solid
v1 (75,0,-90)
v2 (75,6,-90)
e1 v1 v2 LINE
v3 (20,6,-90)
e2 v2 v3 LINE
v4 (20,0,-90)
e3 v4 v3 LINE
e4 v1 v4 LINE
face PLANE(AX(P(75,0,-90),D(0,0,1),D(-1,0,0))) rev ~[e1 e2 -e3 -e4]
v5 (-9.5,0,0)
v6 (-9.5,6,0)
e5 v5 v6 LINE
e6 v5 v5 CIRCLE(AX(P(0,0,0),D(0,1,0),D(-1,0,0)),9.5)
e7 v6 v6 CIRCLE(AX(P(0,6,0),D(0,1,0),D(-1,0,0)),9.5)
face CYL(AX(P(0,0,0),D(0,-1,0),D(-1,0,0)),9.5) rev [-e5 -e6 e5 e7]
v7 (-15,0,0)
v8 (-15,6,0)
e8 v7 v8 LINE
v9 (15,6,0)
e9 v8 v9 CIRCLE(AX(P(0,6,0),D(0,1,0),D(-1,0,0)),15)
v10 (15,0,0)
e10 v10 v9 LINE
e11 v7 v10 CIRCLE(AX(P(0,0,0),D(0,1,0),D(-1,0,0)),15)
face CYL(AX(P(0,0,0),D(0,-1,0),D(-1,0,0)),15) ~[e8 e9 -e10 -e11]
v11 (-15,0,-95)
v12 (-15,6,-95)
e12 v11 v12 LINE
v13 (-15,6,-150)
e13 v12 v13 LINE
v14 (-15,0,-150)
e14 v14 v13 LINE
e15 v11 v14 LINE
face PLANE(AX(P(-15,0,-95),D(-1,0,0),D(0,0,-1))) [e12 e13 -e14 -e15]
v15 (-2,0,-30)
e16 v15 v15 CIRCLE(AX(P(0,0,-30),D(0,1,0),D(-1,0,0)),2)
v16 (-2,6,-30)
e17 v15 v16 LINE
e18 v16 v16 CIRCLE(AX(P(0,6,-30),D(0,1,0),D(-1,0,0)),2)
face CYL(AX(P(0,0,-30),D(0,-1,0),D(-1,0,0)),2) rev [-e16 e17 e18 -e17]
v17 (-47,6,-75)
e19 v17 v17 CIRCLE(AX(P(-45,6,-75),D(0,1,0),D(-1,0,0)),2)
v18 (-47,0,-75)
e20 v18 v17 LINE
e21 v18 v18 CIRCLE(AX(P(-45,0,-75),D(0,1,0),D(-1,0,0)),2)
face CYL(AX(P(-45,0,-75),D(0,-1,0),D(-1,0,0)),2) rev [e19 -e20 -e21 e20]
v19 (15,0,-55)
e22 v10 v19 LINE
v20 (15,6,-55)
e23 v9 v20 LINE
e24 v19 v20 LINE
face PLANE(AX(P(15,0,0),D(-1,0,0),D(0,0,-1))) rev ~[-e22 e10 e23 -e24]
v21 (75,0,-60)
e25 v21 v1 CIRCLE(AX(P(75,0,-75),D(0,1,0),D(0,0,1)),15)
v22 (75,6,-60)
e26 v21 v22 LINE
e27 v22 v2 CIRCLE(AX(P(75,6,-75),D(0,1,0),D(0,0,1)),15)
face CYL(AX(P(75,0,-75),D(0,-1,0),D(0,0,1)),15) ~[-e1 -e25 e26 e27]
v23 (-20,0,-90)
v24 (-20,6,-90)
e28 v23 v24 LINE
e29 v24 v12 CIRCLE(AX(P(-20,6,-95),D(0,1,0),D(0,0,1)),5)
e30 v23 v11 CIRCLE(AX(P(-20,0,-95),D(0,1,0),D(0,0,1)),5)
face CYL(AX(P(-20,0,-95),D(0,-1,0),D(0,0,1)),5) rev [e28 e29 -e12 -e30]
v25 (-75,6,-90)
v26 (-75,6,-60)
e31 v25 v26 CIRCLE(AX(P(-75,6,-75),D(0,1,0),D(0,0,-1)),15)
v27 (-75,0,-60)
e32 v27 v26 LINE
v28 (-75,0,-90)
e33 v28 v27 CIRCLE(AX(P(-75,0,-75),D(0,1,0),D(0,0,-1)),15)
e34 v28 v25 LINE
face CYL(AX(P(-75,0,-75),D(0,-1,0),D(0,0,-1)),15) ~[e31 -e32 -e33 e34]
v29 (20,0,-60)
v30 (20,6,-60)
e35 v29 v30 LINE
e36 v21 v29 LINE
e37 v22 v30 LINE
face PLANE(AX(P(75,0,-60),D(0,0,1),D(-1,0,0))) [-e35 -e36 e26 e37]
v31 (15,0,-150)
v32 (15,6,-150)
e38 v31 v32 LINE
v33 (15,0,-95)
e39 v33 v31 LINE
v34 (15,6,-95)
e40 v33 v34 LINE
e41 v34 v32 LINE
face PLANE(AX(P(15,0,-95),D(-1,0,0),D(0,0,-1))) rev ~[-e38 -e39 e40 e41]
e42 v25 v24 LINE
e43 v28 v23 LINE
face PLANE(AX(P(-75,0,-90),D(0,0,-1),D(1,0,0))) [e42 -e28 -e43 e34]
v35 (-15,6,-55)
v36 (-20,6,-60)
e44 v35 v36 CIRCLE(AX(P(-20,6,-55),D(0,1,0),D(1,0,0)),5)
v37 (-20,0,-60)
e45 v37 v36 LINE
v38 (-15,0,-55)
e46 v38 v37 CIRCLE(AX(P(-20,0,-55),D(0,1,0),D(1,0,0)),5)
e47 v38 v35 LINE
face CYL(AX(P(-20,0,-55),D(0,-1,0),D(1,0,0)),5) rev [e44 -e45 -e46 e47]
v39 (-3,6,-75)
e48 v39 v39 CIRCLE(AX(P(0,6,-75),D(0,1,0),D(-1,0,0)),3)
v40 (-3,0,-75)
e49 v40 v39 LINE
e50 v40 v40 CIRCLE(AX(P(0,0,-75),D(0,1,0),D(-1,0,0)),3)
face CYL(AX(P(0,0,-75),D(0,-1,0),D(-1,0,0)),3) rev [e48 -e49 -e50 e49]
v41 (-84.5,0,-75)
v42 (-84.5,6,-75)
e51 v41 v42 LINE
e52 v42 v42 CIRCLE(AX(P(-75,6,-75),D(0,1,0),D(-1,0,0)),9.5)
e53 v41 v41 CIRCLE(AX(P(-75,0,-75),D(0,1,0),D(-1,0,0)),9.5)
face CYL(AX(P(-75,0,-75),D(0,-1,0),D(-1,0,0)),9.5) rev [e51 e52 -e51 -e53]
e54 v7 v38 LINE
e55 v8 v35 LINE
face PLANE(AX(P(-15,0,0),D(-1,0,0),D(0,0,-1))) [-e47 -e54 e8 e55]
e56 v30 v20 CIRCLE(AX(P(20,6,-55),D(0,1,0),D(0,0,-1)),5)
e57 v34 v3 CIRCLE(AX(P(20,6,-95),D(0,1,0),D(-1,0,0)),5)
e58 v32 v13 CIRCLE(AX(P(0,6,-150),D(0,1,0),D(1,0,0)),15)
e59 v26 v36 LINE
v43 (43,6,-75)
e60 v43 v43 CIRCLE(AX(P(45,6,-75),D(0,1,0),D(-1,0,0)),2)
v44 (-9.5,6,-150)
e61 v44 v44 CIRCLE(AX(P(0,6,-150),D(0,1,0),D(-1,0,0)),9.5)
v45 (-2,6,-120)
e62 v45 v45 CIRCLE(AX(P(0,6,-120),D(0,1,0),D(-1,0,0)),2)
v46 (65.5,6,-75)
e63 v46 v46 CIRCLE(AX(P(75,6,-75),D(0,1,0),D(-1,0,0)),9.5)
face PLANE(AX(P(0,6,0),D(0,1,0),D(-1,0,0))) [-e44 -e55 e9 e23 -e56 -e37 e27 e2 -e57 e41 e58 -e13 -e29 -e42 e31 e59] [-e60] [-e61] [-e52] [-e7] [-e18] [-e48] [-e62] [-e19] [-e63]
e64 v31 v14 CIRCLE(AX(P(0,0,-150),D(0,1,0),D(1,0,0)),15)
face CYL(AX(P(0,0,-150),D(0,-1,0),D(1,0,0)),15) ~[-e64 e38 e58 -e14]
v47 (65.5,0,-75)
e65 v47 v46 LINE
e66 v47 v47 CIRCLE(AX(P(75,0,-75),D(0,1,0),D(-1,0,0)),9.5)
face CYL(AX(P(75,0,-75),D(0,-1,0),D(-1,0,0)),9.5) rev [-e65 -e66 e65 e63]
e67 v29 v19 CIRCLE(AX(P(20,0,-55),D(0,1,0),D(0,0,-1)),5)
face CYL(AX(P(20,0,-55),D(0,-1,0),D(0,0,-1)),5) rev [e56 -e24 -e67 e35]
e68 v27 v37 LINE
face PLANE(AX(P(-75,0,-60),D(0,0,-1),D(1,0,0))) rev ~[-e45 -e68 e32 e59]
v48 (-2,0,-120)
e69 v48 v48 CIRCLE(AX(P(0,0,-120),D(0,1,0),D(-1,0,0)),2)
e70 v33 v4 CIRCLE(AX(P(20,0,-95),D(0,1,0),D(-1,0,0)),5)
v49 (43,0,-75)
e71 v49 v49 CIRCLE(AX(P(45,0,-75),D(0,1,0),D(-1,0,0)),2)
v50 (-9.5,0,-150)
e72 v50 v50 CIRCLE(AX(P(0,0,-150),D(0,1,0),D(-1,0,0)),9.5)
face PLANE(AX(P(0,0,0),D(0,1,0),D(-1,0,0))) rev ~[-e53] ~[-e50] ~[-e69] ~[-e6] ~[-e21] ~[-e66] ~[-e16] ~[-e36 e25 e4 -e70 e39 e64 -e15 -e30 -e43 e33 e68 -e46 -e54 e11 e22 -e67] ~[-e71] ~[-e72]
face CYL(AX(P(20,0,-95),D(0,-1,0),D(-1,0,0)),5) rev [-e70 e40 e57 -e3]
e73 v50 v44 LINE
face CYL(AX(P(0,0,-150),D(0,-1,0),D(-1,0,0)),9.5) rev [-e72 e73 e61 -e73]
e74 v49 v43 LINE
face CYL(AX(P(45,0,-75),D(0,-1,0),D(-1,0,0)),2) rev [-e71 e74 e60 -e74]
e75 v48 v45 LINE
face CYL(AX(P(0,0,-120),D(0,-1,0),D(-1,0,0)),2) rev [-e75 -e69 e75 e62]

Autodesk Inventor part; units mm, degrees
ref_plane "YZ Plane" through (0, 0, 0) normal (1, 0, 0) x (0, 1, 0)
ref_plane "XZ Plane" through (0, 0, 0) normal (0, 1, 0) x (-1, 0, 0)
ref_plane "XY Plane" through (0, 0, 0) normal (0, 0, 1) x (1, 0, 0)
sketch "Sketch1" plane through (0, 0, 0) normal (0, 1, 0) x (-1, 0, 0)
  circle A0 centre (75, -75) radius 9.5
  arc A1 (75, -90) -> (75, -60) centre (75, -75) ccw
  circle A2 centre (0, 0) radius 9.5
  arc A3 (15, 0) -> (-15, 0) centre (0, 0) ccw
  circle A4 centre (-75, -75) radius 9.5
  arc A5 (-75, -60) -> (-75, -90) centre (-75, -75) ccw
  circle A6 centre (0, -150) radius 9.5
  arc A7 (-15, -150) -> (15, -150) centre (0, -150) ccw
  line L0 (-75, -60) -> (-20, -60)
  line L1 (-75, -90) -> (-20, -90)
  line L2 (75, -60) -> (20, -60)
  line L3 (75, -90) -> (20, -90)
  line L4 (15, 0) -> (15, -55)
  line L5 (15, -95) -> (15, -150)
  line L6 (-15, 0) -> (-15, -55)
  line L7 (-15, -95) -> (-15, -150)
  arc A8 (15, -55) -> (20, -60) centre (20, -55) ccw
  arc A9 (-20, -60) -> (-15, -55) centre (-20, -55) ccw
  arc A10 (20, -90) -> (15, -95) centre (20, -95) ccw
  arc A11 (-15, -95) -> (-20, -90) centre (-20, -95) ccw
  circle A12 centre (0, -30) radius 2
  circle A13 centre (0, -120) radius 2
  circle A14 centre (-45, -75) radius 2
  circle A15 centre (45, -75) radius 2
  circle A16 centre (0, -75) radius 3
  point P0 (15, -60)
  point P1 (15, -90)
  dimension "d5" = 19
  dimension "d6" = 30
  dimension "d7" = 19
  dimension "d8" = 30
  dimension "d9" = 19
  dimension "d10" = 30
  dimension "d11" = 19
  dimension "d12" = 30
  dimension "d13" = 5
  dimension "d15" = 4
  dimension "d17" = 4
  dimension "d19" = 4
  dimension "d21" = 4
  dimension "d22" = 6
extrude "Extrusion1" add sketch "Sketch1" along normal blind 6
properties part number "e_support 1"
